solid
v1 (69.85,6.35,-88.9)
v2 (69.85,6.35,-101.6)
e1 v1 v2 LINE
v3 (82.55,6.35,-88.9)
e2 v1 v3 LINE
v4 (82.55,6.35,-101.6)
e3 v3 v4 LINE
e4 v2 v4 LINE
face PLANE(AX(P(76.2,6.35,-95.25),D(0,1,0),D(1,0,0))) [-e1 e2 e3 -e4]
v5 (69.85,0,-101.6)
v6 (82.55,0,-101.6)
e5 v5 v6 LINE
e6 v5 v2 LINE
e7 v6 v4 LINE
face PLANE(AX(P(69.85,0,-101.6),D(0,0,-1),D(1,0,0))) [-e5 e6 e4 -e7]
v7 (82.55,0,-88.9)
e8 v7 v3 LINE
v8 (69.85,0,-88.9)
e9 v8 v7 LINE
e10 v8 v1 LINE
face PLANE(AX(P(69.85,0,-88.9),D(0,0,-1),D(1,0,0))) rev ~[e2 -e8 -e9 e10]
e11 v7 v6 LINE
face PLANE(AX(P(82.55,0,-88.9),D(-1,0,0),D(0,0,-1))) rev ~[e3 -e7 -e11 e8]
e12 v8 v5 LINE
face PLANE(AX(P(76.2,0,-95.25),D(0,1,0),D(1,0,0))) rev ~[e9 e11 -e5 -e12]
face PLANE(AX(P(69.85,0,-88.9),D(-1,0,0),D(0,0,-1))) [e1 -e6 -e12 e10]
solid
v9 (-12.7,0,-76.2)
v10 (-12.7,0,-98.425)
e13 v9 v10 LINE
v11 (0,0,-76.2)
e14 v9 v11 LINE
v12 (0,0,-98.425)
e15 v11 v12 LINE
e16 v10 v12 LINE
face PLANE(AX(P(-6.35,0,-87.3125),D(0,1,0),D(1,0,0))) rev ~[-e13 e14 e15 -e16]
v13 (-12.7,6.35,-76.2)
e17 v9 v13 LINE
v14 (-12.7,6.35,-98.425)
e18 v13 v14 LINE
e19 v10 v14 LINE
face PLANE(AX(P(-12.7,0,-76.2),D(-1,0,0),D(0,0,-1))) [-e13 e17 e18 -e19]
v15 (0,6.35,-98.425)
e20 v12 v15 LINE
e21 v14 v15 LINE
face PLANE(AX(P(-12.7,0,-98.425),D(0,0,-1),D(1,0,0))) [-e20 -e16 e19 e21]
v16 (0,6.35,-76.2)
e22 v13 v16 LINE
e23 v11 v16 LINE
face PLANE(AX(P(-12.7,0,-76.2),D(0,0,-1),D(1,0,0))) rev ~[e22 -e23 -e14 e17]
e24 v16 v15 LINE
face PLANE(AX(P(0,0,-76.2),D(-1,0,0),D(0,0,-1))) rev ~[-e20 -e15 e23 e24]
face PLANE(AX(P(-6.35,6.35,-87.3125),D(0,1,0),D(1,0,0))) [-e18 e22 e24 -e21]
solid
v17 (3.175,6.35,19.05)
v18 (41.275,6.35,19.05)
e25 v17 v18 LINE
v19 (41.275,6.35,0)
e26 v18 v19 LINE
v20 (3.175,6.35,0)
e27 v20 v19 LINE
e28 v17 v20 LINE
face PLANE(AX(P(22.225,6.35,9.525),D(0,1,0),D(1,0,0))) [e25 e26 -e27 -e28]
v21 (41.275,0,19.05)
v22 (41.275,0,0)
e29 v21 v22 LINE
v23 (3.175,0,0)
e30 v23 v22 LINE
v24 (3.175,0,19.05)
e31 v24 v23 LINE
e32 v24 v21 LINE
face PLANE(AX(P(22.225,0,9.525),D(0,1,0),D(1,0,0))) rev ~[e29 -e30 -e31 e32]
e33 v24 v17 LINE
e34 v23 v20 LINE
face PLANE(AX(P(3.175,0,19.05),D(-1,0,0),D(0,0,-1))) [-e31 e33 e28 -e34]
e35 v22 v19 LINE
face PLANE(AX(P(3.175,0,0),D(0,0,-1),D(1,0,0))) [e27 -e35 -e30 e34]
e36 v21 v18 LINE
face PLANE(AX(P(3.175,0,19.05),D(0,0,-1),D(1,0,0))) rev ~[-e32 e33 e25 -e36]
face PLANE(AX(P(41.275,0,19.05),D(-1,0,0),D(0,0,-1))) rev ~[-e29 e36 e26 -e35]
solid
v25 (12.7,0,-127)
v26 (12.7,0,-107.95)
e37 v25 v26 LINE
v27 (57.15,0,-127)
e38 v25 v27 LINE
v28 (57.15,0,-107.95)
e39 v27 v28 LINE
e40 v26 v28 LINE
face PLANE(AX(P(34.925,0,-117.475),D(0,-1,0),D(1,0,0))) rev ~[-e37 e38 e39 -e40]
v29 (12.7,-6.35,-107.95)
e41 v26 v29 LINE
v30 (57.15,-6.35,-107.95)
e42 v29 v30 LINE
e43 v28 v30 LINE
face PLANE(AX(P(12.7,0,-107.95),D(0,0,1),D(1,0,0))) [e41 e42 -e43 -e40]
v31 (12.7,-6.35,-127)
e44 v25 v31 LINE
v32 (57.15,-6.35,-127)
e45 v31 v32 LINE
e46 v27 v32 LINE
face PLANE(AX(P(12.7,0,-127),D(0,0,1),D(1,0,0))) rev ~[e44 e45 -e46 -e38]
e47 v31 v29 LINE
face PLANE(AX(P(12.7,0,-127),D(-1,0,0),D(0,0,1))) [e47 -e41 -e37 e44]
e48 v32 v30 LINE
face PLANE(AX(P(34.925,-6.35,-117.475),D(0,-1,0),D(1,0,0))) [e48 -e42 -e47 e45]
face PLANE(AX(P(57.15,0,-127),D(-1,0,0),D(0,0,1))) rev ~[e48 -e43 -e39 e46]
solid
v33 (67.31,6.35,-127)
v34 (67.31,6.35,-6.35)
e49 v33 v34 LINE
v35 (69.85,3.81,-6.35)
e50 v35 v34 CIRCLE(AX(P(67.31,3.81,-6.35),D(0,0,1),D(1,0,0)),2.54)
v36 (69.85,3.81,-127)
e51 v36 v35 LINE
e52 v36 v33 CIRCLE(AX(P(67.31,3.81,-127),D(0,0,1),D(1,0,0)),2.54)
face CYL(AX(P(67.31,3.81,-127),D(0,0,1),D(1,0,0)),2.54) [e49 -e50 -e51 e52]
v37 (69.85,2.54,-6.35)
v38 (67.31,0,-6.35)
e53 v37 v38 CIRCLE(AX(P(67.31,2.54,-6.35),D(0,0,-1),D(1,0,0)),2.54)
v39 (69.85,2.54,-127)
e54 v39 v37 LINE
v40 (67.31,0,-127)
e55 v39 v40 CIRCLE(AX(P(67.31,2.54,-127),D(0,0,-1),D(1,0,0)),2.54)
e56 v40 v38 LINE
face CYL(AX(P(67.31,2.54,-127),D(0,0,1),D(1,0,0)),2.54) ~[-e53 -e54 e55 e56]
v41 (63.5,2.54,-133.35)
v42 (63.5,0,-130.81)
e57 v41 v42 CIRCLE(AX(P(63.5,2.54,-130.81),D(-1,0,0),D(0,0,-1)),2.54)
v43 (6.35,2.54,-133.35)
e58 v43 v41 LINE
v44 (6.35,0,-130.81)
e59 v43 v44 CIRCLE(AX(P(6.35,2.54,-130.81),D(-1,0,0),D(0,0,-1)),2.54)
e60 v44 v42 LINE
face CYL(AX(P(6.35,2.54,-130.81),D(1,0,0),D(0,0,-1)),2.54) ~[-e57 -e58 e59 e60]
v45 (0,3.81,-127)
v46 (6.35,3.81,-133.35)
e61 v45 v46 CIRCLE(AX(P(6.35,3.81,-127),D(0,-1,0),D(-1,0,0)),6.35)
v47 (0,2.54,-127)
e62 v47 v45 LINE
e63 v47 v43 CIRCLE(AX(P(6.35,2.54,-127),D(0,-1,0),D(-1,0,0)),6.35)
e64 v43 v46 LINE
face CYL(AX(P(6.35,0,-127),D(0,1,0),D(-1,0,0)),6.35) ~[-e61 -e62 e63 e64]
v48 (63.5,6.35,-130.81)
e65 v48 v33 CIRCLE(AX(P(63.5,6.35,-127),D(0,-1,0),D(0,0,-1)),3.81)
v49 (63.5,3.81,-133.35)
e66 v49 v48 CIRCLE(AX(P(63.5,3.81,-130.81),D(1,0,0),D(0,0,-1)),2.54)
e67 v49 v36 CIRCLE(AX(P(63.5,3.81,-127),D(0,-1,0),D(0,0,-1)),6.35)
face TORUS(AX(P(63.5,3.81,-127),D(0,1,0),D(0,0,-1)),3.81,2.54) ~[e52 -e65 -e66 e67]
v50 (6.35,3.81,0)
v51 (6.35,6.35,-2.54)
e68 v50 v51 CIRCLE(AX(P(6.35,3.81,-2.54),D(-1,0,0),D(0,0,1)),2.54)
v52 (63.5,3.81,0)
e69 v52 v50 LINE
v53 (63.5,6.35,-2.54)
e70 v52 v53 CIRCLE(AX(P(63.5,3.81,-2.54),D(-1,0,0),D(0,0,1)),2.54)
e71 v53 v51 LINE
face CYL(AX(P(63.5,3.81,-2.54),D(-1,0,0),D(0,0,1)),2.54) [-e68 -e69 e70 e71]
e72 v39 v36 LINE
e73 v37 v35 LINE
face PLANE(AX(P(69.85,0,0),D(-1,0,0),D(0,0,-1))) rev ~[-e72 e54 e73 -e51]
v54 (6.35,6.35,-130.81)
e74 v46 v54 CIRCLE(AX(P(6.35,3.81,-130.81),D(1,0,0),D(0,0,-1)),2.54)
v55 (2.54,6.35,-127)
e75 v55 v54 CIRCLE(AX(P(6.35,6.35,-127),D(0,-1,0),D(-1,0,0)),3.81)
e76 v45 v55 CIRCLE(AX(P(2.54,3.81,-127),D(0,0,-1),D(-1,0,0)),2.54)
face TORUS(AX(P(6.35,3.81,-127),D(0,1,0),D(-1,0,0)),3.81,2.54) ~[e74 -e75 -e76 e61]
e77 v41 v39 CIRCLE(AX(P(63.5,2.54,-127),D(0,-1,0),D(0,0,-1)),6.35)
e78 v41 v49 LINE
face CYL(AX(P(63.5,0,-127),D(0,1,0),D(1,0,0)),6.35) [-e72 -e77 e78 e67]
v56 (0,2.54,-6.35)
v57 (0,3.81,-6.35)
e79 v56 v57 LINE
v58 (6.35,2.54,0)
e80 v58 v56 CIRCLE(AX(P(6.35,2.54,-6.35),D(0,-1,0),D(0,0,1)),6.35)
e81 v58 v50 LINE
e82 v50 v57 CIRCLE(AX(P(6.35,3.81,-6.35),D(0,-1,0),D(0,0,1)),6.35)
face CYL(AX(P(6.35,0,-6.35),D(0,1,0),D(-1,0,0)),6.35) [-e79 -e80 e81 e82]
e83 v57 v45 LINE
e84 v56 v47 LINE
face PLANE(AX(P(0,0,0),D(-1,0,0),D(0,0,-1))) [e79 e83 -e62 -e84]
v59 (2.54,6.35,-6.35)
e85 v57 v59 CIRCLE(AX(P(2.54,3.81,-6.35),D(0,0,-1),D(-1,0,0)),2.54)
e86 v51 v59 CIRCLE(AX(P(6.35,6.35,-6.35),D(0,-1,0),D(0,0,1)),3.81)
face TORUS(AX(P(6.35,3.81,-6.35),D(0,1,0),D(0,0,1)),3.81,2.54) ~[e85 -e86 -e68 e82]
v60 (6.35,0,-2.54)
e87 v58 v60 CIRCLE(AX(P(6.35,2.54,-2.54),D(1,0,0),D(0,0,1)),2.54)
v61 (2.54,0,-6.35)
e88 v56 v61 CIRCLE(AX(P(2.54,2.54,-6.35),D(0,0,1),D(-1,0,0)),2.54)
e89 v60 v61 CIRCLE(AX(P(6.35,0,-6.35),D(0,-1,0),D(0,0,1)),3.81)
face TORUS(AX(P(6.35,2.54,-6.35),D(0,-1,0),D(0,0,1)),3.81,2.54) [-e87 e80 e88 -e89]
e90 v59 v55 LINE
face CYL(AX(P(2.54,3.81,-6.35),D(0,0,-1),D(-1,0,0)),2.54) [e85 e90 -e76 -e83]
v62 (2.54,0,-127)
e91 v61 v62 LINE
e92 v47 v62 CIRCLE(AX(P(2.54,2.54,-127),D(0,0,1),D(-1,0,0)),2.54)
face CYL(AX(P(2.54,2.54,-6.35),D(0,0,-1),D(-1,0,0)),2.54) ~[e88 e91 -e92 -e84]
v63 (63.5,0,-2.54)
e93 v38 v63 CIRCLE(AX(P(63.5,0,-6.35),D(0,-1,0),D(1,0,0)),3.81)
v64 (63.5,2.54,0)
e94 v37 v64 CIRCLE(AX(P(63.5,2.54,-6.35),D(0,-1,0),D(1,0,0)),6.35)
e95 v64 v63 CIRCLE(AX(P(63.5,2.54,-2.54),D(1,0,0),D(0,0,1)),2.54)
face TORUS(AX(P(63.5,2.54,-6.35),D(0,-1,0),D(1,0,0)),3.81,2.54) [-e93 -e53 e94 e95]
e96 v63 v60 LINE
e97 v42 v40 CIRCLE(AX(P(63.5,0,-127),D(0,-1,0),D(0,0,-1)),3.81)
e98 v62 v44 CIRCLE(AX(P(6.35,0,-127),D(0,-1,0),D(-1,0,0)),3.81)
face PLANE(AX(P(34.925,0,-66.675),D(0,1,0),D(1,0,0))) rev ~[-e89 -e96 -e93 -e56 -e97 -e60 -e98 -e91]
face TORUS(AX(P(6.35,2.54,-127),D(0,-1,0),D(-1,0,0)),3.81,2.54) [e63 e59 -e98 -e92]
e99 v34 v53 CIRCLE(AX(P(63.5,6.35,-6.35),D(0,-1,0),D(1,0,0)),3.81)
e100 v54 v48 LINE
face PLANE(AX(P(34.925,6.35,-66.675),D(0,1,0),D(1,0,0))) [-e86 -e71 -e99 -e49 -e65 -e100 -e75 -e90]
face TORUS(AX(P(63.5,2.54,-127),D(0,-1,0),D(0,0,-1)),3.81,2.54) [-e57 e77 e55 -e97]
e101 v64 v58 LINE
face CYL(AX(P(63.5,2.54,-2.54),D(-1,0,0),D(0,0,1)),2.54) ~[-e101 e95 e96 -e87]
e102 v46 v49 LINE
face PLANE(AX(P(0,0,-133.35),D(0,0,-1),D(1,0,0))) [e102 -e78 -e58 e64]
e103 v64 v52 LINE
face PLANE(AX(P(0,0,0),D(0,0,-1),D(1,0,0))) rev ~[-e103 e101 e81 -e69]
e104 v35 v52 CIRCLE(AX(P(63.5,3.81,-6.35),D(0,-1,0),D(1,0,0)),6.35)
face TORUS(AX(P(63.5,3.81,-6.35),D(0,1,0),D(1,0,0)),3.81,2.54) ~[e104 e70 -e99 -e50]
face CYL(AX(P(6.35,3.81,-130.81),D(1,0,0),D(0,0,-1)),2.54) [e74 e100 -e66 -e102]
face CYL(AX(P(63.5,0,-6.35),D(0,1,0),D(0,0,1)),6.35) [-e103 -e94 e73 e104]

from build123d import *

# Parameters (mm, degrees)
SKETCH1_W           = 69.85
SKETCH1_H           = 133.35
BOSS_EXTRUDE1_DEPTH = 6.35
FILLET2_R           = 6.35
FILLET3_R           = 2.54
SKETCH2_W           = 12.7
SKETCH2_H           = 12.7
BUTTONS_DEPTH       = 6.35
SKETCH2_H_2         = 22.225
BUTTONS_2_DEPTH     = 6.35
SKETCH3_W           = 44.45
SKETCH3_H           = 19.05
CAMERA_DEPTH        = 6.35
SKETCH4_W           = 38.1
SKETCH4_H           = 19.05
USB_DEPTH           = 6.35


with BuildPart() as part:
    # Sketch1 → Boss-Extrude1 (new body)
    with BuildSketch(Plane(origin=(0, 0, 0), x_dir=(1, 0, 0), z_dir=(0, 1, 0))):
        with Locations((34.925, 66.675)):
            Rectangle(SKETCH1_W, SKETCH1_H)
    extrude(amount=BOSS_EXTRUDE1_DEPTH)

    # Fillet2
    fillet2_edges = [part.edges().sort_by_distance(p)[0] for p in [
        (0, 3.175, -133.35),
        (69.85, 3.175, -133.35),
        (69.85, 3.175, 0),
        (0, 3.175, 0),
    ]]
    fillet(fillet2_edges, radius=FILLET2_R)

    # Fillet3
    fillet3_edges = [part.edges().sort_by_distance(p)[0] for p in [
        (0, 0, -66.675),
        (0, 6.35, -66.675),
        (34.925, 0, -133.35),
        (69.85, 0, -66.675),
        (34.925, 0, 0),
        (67.990128061, 0, -1.859871939),
        (1.859871939, 0, -1.859871939),
        (67.990128061, 0, -131.490128061),
        (1.859871939, 0, -131.490128061),
        (34.925, 6.35, -133.35),
        (34.925, 6.35, 0),
        (69.85, 6.35, -66.675),
        (67.990128061, 6.35, -1.859871939),
        (1.859871939, 6.35, -1.859871939),
        (67.990128061, 6.35, -131.490128061),
        (1.859871939, 6.35, -131.490128061),
    ]]
    fillet(fillet3_edges, radius=FILLET3_R)


with BuildPart() as body_2:
    # Sketch2 → buttons (new body)
    with BuildSketch(Plane(origin=(0, 0, 0), x_dir=(1, 0, 0), z_dir=(0, 1, 0))):
        with Locations((76.2, 95.25)):
            Rectangle(SKETCH2_W, SKETCH2_H)
    extrude(amount=BUTTONS_DEPTH)


with BuildPart() as body_3:
    # Sketch2 → buttons 2 (new body)
    with BuildSketch(Plane(origin=(0, 0, 0), x_dir=(1, 0, 0), z_dir=(0, 1, 0))):
        with Locations((-6.35, 87.3125)):
            Rectangle(SKETCH2_W, SKETCH2_H_2)
    extrude(amount=BUTTONS_2_DEPTH)


with BuildPart() as body_4:
    # Sketch3 → camera (new body)
    with BuildSketch(Plane.XZ):
        with Locations((34.925, -117.475)):
            Rectangle(SKETCH3_W, SKETCH3_H)
    extrude(amount=CAMERA_DEPTH)


with BuildPart() as body_5:
    # Sketch4 → USB (new body)
    with BuildSketch(Plane(origin=(0, 0, 0), x_dir=(1, 0, 0), z_dir=(0, 1, 0))):
        with Locations((22.225, -9.525)):
            Rectangle(SKETCH4_W, SKETCH4_H)
    extrude(amount=USB_DEPTH)


solid = Compound([part.part, body_2.part, body_3.part, body_4.part, body_5.part])
